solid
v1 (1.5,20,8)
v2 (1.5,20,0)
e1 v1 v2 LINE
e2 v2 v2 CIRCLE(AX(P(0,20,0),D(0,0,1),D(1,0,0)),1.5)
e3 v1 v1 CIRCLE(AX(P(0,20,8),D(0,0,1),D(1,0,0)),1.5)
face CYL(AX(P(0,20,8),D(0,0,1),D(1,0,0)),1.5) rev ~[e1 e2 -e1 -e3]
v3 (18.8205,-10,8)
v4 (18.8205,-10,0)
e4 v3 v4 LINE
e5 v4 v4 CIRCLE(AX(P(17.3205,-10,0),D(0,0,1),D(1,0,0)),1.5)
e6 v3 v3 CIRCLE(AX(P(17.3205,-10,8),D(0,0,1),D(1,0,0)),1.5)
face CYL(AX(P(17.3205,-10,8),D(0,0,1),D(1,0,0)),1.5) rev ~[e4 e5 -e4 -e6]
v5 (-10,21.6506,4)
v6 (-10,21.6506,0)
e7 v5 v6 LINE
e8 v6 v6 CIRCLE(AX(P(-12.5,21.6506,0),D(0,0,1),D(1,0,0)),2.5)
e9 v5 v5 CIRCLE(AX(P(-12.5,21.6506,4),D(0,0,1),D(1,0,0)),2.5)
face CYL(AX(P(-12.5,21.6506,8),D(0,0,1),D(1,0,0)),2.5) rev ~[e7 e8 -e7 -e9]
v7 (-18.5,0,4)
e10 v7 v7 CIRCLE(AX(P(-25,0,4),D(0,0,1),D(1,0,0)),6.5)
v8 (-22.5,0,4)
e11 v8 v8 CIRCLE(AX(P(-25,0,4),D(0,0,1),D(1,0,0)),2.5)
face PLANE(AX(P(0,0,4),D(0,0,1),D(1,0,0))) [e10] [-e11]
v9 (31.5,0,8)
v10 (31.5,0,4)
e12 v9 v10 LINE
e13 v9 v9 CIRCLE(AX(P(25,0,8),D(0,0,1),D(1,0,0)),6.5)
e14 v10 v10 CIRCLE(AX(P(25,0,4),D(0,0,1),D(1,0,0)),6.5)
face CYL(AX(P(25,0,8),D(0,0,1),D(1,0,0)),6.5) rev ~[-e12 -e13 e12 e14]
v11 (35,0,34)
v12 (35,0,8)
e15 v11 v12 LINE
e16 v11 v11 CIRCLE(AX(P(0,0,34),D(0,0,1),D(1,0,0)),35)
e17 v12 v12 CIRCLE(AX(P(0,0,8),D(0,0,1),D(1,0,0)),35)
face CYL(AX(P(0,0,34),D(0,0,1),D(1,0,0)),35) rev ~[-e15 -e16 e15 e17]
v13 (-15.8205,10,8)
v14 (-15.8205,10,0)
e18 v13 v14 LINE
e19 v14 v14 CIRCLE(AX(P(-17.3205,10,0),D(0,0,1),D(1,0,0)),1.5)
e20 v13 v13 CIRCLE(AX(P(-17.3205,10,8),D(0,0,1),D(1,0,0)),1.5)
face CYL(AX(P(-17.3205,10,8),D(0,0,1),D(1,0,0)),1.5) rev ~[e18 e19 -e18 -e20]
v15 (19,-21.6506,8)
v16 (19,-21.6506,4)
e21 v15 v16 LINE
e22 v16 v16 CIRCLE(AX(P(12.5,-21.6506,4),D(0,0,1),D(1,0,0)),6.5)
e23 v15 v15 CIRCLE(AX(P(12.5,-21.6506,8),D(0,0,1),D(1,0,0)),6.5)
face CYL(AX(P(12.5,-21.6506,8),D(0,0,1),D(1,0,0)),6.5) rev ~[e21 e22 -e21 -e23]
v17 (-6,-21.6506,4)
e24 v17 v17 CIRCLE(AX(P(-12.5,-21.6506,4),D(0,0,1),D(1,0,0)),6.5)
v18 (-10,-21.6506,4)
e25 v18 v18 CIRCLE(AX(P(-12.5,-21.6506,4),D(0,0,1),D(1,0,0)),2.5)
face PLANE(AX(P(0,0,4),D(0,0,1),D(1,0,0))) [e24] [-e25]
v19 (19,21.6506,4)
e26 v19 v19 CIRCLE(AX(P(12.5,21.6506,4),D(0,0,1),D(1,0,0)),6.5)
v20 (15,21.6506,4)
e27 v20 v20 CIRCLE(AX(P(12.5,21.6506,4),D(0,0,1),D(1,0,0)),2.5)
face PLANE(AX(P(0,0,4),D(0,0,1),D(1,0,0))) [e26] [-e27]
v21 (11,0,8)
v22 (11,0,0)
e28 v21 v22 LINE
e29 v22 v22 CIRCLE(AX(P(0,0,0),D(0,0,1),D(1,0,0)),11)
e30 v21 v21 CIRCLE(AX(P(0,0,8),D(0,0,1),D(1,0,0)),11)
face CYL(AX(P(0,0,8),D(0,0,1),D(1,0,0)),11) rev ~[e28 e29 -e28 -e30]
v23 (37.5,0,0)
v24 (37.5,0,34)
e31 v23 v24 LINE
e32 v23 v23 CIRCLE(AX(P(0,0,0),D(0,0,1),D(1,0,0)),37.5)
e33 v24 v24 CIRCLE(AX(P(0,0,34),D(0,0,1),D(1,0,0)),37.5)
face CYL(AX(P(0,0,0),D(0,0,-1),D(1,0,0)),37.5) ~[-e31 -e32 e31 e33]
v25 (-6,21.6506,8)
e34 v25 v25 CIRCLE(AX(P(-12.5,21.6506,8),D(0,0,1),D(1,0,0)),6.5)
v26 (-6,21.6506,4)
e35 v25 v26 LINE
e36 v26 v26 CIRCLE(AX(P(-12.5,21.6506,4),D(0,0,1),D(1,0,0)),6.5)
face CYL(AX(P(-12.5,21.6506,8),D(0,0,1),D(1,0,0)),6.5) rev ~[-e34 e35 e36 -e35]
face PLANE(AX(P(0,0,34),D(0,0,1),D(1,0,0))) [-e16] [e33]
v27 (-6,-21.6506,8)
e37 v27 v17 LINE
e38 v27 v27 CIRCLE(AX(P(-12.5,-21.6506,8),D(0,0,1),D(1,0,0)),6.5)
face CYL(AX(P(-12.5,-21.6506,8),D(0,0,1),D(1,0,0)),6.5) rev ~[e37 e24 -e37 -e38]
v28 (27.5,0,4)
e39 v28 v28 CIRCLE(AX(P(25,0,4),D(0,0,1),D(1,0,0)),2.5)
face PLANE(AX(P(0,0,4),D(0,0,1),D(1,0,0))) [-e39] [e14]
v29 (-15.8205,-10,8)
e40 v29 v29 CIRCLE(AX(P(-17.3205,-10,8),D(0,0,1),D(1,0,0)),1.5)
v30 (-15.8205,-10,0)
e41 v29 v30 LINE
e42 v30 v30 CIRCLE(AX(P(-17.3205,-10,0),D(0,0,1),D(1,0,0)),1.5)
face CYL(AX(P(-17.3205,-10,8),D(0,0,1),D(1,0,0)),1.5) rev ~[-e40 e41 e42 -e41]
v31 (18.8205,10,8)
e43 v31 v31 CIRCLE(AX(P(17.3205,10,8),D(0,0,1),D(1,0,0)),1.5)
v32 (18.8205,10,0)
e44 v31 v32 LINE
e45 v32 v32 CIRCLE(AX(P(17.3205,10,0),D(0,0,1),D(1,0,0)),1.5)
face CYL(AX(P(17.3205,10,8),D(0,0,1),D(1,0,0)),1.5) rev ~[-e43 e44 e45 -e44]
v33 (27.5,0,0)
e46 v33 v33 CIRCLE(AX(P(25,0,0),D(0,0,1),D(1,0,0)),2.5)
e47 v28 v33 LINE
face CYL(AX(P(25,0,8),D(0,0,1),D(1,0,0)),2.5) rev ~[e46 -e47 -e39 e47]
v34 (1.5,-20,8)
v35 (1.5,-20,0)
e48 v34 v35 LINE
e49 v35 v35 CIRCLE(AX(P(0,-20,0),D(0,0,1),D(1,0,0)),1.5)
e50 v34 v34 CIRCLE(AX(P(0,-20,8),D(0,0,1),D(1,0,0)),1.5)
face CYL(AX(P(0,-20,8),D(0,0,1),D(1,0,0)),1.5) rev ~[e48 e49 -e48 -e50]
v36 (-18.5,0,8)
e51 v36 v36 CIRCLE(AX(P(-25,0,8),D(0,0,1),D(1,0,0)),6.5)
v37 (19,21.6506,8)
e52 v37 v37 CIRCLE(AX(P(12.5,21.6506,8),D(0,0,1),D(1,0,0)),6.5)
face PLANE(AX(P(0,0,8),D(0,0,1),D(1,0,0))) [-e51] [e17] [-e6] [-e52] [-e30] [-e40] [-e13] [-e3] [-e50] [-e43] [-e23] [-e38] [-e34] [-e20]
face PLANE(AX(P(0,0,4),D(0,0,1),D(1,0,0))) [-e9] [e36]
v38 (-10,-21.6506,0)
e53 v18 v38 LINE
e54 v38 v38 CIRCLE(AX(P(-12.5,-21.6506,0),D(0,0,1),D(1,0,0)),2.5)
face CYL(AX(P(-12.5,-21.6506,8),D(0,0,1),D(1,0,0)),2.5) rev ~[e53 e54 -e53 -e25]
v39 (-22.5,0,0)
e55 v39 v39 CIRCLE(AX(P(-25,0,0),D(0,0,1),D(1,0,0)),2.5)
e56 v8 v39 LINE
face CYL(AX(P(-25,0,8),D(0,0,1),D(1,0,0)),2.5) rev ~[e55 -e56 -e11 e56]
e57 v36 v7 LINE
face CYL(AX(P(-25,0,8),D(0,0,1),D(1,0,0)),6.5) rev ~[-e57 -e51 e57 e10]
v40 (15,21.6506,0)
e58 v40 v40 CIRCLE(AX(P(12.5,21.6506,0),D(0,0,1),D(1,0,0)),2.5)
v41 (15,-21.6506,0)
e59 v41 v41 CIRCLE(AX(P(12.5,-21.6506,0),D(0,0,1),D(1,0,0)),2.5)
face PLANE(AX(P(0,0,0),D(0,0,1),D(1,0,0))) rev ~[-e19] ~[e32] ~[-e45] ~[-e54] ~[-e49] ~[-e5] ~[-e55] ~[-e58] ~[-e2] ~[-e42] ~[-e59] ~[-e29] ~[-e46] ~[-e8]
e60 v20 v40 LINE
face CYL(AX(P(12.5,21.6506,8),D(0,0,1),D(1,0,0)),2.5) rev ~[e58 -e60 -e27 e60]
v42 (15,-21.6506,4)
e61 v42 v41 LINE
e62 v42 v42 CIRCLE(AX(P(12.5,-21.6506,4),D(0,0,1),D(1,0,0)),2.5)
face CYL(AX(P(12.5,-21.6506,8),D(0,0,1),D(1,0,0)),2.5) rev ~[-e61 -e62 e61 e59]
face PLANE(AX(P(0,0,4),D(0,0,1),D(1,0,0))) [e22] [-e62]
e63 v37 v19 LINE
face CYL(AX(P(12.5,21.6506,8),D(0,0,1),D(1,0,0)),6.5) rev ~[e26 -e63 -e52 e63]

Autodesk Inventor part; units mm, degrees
ref_plane "YZ Plane" through (0, 0, 0) normal (1, 0, 0) x (0, 1, 0)
ref_plane "XZ Plane" through (0, 0, 0) normal (0, 1, 0) x (-1, 0, 0)
ref_plane "XY Plane" through (0, 0, 0) normal (0, 0, 1) x (1, 0, 0)
sketch "Sketch1" plane through (0, 0, 0) normal (0, 0, 1) x (1, 0, 0)
  circle A0 centre (0, 0) radius 37.5
  dimension "d0" = 75
extrude "Extrusion1" add sketch "Sketch1" along normal blind 34
sketch "Sketch2" plane through (0, 0, 34) normal (0, 0, 1) x (1, 0, 0)
  circle A0 centre (0, 0) radius 37.5 projected
  circle A1 centre (0, 0) radius 35
  dimension "d105" = 70
extrude "Extrusion2" cut sketch "Sketch2" against normal blind 26 contours A1
sketch "Sketch3" plane through (0, 0, 8) normal (0, 0, 1) x (1, 0, 0)
  circle A0 centre (0, 0) radius 11
  dimension "d6" = 22
extrude "Extrusion3" cut sketch "Sketch3" against normal through all
sketch "Sketch4" plane through (0, 0, 8) normal (0, 0, 1) x (1, 0, 0)
  circle A0 centre (25, 0) radius 6.5
  circle A1 centre (12.5, 21.6506) radius 6.5
  circle A2 centre (-12.5, 21.6506) radius 6.5
  circle A3 centre (-25, 0) radius 6.5
  circle A4 centre (-12.5, -21.6506) radius 6.5
  circle A5 centre (12.5, -21.6506) radius 6.5
  point P0 (0, 0)
  dimension "d9" = 13
  dimension "d10" = 25
  dimension "d13" = 360
extrude "Extrusion4" cut sketch "Sketch4" against normal blind 4
sketch "Sketch5" plane through (0, 0, 8) normal (0, 0, 1) x (1, 0, 0)
  circle A0 centre (0, 0) radius 11 construction
  circle A1 centre (25, 0) radius 2.5
  circle A2 centre (12.5, 21.6506) radius 2.5
  circle A3 centre (-12.5, 21.6506) radius 2.5
  circle A4 centre (-25, 0) radius 2.5
  circle A5 centre (-12.5, -21.6506) radius 2.5
  circle A6 centre (12.5, -21.6506) radius 2.5
  dimension "d99" = 5
  dimension "d100" = 25
  dimension "d103" = 360
extrude "Extrusion5" cut sketch "Sketch5" against normal through all
sketch "Sketch6" plane through (0, 0, 8) normal (0, 0, 1) x (1, 0, 0)
  circle A0 centre (0, 20) radius 1.5
  circle A1 centre (-17.3205, 10) radius 1.5
  circle A2 centre (-17.3205, -10) radius 1.5
  circle A3 centre (0, -20) radius 1.5
  circle A4 centre (17.3205, -10) radius 1.5
  circle A5 centre (17.3205, 10) radius 1.5
  point P0 (0, 0)
  dimension "d24" = 3
  dimension "d25" = 20
  dimension "d28" = 360
extrude "Extrusion6" cut sketch "Sketch6" against normal through all
properties part number "Base" material "ABS Plastic"
